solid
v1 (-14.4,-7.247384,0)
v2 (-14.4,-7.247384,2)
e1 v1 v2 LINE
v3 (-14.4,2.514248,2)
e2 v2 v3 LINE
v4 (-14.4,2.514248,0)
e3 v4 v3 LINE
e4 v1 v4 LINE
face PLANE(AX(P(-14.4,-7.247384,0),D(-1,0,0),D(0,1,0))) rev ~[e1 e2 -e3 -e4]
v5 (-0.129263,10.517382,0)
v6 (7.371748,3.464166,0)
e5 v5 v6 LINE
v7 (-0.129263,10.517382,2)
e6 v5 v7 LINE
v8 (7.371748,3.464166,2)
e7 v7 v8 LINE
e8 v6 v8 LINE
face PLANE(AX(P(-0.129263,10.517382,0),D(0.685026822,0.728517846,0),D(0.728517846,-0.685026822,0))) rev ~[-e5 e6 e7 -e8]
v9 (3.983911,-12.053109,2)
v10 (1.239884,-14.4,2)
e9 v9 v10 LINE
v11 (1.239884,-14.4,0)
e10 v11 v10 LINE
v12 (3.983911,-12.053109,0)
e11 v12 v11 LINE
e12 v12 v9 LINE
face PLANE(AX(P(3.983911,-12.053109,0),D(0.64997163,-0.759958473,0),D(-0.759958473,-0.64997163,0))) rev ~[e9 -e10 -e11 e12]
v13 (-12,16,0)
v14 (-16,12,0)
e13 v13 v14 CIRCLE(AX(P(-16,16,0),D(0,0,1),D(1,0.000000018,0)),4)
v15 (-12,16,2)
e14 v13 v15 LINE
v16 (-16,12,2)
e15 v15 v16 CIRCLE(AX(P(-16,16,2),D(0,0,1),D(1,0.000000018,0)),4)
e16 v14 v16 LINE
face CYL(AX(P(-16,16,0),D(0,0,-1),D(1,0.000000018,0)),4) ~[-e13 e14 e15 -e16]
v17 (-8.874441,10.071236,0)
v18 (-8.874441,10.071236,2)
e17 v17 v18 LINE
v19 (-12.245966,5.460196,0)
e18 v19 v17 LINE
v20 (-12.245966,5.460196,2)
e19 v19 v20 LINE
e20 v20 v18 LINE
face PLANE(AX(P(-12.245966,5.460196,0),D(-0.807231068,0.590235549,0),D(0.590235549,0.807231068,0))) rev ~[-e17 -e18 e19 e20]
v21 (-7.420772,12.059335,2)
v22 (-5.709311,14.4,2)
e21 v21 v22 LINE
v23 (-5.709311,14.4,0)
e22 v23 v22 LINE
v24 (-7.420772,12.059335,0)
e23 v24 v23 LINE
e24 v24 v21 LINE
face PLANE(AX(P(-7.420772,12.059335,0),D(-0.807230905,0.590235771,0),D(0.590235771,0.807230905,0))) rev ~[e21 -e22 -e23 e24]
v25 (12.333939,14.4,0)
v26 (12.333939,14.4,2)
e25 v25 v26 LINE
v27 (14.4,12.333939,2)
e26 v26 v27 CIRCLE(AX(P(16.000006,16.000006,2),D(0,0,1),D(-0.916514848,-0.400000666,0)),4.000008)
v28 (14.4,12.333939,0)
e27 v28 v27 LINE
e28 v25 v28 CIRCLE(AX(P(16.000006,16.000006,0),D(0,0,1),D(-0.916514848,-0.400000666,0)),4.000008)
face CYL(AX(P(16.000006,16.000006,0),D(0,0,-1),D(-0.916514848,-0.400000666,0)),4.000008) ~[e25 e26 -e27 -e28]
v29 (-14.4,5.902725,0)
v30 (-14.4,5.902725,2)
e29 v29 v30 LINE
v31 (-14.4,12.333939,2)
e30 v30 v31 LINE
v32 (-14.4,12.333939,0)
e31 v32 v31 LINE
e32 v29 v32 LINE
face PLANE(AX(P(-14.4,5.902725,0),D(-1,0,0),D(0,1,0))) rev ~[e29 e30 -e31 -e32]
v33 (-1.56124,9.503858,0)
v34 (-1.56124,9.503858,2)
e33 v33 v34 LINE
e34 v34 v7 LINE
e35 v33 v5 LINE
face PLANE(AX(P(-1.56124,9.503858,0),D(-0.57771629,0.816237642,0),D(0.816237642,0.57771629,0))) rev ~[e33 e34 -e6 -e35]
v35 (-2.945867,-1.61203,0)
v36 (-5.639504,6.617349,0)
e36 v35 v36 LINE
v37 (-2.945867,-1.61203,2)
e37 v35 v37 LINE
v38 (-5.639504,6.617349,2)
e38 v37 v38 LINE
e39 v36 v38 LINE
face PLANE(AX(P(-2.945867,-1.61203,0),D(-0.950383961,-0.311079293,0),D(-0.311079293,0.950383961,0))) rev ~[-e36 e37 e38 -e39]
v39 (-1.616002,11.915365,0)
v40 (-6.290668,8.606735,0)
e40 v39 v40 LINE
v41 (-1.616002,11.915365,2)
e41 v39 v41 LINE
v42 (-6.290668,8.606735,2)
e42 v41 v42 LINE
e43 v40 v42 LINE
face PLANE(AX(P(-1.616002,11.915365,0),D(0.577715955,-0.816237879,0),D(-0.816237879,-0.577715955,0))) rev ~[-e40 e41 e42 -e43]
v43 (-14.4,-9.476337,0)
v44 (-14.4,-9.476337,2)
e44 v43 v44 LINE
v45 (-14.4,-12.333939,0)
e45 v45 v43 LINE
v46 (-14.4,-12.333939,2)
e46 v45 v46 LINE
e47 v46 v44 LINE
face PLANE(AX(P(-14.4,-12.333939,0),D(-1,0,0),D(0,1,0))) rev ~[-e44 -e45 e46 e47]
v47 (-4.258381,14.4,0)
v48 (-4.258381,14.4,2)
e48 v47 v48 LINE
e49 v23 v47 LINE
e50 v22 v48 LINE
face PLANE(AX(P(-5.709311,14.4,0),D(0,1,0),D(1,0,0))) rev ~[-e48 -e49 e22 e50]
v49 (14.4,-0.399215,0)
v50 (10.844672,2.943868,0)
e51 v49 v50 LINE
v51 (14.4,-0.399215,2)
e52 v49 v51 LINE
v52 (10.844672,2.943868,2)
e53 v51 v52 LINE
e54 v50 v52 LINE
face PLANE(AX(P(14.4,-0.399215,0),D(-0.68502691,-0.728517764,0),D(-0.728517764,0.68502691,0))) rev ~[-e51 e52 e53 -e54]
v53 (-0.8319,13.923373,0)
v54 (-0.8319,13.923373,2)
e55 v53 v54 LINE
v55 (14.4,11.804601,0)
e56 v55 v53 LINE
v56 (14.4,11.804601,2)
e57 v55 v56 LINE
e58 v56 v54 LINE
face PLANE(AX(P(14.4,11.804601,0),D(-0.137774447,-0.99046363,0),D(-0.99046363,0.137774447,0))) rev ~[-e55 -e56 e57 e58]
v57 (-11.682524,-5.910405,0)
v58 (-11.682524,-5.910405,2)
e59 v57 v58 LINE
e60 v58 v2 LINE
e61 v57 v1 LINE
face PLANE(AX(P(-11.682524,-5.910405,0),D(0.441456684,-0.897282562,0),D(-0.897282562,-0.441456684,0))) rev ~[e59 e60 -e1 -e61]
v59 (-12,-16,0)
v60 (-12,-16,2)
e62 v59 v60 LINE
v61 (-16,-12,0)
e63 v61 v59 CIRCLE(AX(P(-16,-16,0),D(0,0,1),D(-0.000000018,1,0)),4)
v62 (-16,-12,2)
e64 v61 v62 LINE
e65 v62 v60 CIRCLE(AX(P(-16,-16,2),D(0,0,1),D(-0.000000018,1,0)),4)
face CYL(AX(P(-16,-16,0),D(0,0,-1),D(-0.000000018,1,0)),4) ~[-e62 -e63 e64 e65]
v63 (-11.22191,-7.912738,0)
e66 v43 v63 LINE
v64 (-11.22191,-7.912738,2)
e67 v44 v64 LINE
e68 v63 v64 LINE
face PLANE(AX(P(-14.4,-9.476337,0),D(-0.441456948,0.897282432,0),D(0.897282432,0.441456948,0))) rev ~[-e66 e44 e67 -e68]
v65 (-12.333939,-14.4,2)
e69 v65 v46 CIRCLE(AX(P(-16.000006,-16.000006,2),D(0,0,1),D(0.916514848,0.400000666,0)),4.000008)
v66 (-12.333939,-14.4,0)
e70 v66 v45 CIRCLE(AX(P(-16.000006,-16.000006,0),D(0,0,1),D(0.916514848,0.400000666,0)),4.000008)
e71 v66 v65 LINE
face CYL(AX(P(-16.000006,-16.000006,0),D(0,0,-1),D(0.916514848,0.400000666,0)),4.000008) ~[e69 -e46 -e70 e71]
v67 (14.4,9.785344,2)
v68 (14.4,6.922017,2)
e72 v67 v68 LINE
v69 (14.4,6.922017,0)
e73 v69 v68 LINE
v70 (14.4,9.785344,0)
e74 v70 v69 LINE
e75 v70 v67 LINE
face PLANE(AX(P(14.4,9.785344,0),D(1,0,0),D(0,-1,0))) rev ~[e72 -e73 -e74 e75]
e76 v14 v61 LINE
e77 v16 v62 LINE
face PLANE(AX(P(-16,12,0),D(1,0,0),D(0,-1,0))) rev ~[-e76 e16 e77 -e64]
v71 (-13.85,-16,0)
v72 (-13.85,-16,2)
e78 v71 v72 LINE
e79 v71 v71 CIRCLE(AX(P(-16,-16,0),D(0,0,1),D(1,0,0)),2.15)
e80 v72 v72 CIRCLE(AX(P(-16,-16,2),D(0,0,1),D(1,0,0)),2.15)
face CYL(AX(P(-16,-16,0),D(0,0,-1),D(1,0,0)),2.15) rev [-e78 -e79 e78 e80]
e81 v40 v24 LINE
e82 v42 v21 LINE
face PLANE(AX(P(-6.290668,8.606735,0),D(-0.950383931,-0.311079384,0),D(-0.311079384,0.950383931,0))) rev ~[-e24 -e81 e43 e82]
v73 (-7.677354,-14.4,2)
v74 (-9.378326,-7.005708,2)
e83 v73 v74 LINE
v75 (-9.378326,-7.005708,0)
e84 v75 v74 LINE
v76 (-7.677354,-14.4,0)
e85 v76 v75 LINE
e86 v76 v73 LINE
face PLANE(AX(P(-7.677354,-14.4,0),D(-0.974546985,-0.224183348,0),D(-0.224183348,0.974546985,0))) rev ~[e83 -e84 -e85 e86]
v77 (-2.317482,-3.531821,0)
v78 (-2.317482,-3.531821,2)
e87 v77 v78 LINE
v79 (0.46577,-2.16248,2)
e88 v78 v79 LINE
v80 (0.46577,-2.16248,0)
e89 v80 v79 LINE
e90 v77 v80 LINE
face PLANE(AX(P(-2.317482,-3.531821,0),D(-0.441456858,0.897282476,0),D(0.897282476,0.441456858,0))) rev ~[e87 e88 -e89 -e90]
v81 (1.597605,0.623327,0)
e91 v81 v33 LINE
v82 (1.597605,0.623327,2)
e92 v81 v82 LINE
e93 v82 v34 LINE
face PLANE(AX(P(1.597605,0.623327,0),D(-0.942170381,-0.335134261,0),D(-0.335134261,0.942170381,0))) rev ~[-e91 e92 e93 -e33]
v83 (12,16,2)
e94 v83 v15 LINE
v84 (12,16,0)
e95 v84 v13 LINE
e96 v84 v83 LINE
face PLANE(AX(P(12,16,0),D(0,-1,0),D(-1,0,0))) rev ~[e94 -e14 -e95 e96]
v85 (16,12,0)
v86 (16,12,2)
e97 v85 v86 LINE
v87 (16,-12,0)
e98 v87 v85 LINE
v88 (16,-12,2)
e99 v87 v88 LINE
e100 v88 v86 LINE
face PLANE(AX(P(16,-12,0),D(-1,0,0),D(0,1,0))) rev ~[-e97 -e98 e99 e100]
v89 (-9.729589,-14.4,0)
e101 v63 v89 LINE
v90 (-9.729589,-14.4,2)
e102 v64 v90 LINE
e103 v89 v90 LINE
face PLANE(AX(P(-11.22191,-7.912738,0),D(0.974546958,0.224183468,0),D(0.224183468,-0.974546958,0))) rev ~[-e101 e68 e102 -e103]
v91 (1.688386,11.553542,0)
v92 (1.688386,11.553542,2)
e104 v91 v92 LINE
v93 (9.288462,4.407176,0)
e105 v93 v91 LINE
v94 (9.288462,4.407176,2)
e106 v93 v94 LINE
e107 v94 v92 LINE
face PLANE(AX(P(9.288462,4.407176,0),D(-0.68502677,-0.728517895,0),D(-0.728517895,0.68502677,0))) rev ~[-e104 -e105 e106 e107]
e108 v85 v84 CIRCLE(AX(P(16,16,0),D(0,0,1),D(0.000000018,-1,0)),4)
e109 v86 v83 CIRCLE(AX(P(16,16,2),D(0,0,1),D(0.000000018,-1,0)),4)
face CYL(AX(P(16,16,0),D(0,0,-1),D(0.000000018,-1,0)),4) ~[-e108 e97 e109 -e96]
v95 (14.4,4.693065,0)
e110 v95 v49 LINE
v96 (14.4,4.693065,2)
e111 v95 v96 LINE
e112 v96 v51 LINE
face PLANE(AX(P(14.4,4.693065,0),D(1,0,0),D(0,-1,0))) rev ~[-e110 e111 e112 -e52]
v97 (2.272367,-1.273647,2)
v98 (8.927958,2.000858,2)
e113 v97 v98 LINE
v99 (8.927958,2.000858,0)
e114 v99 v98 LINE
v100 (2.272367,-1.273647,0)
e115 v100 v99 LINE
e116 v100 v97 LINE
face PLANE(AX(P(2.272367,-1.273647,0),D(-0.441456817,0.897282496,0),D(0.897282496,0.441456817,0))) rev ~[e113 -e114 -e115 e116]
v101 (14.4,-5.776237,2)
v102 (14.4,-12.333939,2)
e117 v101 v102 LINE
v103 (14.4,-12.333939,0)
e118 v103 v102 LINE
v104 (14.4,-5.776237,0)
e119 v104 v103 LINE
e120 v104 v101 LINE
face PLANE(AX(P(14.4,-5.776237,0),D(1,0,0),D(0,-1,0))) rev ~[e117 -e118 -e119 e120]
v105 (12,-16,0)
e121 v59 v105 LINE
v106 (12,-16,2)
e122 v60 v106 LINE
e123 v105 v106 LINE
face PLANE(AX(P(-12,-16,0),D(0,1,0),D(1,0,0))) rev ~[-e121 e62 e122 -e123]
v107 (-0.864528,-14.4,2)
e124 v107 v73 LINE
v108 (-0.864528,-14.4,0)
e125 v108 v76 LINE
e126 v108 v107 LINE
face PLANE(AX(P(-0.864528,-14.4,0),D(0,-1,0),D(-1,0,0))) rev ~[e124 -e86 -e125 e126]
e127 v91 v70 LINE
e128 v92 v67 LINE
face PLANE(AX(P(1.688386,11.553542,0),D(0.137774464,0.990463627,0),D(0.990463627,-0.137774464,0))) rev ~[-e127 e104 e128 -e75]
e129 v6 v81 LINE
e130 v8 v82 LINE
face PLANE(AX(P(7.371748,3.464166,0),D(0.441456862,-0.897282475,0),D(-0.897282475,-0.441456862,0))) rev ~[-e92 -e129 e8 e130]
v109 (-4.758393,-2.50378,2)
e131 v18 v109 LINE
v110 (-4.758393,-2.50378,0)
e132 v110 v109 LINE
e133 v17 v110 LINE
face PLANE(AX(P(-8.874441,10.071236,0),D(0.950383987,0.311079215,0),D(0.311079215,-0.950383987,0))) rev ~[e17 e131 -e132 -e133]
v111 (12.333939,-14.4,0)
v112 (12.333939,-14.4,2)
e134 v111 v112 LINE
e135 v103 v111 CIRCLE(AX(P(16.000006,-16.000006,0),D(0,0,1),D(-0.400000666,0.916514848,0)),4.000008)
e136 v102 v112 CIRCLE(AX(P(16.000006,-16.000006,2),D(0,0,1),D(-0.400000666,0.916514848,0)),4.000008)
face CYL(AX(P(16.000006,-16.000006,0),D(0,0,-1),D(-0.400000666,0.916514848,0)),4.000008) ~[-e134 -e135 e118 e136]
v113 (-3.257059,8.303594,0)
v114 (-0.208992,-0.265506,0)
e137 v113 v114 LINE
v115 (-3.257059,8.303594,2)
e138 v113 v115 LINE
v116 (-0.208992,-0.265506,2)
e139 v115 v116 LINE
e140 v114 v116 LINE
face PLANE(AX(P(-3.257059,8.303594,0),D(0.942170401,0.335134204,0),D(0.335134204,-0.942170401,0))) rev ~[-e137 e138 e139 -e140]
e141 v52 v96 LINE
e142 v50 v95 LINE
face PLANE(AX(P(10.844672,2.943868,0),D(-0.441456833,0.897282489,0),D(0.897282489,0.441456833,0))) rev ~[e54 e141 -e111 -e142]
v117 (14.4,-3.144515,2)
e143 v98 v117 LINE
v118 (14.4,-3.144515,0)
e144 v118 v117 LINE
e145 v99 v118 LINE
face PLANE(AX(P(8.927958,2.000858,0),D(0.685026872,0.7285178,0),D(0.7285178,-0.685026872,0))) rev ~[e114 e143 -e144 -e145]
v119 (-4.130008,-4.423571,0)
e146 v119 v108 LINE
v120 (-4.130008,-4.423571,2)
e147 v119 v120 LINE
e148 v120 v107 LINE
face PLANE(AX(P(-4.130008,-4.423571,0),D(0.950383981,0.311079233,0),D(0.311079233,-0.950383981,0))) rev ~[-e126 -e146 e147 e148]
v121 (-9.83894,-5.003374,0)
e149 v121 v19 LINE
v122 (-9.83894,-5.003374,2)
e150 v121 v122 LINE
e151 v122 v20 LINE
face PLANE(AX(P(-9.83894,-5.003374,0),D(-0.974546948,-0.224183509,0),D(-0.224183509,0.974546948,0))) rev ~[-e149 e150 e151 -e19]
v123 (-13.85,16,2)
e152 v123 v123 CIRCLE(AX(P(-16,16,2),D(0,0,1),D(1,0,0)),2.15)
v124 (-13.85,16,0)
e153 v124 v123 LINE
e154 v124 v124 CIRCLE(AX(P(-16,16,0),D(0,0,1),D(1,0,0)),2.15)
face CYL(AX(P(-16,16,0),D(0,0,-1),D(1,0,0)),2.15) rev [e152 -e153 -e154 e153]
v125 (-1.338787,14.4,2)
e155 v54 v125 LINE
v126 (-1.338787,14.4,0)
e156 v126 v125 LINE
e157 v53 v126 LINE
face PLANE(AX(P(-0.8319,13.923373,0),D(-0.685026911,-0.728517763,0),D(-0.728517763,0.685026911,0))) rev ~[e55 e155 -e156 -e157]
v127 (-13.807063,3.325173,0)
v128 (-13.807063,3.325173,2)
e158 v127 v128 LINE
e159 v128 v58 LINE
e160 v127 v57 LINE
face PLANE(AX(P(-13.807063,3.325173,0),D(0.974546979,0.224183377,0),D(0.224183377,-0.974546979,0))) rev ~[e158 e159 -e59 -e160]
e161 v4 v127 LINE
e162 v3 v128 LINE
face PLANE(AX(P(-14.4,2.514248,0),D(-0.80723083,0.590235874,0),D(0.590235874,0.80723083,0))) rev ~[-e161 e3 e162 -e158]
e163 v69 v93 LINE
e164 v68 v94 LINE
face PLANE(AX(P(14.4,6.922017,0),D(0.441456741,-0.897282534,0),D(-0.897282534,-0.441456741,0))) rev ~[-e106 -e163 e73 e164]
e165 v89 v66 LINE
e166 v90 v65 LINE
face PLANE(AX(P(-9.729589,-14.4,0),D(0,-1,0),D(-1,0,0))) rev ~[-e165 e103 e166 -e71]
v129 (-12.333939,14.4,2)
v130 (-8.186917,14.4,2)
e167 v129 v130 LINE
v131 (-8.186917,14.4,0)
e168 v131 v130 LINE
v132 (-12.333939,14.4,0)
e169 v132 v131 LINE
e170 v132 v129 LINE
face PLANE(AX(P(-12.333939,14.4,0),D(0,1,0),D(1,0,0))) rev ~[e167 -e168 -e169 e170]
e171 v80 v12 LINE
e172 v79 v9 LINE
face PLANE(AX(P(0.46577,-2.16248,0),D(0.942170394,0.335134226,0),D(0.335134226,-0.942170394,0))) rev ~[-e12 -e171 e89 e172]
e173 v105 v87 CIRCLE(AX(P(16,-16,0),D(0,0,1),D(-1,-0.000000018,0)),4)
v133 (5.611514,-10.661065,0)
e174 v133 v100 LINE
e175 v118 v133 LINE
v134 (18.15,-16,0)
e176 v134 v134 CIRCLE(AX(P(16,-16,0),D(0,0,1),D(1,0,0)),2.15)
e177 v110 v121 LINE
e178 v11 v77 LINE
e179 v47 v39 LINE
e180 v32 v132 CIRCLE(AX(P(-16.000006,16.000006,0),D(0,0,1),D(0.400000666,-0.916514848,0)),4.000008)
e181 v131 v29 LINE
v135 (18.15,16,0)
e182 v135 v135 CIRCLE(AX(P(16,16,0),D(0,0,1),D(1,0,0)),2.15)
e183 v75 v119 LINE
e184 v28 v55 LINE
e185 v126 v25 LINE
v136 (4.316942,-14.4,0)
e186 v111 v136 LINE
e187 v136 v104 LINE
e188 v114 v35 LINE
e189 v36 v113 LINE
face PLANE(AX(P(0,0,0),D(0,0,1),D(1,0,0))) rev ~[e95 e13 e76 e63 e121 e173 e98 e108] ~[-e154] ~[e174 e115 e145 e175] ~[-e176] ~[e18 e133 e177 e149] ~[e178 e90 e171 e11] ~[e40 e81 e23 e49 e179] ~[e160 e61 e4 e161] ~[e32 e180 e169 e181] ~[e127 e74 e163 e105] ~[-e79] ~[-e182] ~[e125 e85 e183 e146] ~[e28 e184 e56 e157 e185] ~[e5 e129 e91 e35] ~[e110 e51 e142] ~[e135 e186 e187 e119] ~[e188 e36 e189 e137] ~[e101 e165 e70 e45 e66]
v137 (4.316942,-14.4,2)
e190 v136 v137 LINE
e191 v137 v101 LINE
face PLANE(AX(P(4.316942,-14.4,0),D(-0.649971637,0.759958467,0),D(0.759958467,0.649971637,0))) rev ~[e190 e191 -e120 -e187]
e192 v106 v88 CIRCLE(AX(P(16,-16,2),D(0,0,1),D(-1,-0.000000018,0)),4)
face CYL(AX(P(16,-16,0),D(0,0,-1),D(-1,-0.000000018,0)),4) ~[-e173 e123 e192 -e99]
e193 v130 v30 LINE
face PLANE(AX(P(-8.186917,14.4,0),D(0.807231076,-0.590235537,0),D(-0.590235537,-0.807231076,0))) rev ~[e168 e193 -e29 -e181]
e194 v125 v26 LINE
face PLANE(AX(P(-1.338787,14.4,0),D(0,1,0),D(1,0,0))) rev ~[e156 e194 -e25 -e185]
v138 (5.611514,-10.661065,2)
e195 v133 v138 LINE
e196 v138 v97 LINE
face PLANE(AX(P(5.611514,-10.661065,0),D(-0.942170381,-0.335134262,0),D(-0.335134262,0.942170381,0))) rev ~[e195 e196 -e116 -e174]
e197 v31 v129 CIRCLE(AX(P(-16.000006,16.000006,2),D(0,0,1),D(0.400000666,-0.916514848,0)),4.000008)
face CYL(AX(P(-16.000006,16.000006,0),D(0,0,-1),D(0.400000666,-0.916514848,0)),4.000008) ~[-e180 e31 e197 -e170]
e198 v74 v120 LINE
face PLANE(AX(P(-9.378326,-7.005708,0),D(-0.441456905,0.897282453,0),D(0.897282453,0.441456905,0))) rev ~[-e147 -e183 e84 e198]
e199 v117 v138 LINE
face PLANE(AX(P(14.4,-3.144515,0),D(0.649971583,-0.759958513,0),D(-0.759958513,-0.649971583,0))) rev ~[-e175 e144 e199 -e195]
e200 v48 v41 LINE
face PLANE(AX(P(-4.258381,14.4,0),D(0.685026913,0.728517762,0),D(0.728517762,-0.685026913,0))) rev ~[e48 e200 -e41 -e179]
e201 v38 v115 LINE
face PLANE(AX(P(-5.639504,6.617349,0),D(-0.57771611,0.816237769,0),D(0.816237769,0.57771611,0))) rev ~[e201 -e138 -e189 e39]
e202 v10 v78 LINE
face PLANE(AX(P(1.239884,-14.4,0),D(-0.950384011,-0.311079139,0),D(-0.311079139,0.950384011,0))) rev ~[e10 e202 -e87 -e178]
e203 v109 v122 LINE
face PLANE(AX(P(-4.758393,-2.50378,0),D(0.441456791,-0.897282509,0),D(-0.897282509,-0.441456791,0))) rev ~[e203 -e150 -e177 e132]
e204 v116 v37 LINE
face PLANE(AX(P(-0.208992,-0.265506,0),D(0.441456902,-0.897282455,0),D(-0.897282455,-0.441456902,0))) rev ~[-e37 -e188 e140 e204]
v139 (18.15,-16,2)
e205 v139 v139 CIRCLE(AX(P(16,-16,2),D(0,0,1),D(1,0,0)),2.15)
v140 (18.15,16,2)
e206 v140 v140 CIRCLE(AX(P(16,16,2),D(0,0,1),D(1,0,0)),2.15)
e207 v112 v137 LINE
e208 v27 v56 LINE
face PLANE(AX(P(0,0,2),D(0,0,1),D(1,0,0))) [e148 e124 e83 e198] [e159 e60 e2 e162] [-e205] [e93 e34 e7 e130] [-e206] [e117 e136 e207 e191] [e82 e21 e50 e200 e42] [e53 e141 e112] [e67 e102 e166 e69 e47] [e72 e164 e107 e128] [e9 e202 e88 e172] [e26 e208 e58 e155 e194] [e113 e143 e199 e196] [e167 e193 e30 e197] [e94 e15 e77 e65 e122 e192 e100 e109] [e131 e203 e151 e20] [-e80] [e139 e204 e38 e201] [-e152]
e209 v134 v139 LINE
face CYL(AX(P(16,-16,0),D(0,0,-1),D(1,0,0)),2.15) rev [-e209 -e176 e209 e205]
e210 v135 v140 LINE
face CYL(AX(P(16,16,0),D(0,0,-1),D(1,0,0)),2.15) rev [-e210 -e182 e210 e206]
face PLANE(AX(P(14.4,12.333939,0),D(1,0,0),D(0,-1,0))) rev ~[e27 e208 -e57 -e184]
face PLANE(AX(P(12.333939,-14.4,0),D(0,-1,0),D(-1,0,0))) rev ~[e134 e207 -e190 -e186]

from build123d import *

# Parameters (mm, degrees)
F0_R     = 2.15
F1_DEPTH = 2


with BuildPart() as f1:
    # F0 (on Top) → F1 (new body)
    with BuildSketch(Plane.XY):
        with BuildLine():
            ThreePointArc((16, 12), (18.828427, 18.828427), (12, 16))
            Line((12, 16), (-12, 16))
            ThreePointArc((-12, 16), (-18.828427, 18.828427), (-16, 12))
            Line((-16, 12), (-16, -12))
            ThreePointArc((-16, -12), (-18.828427, -18.828427), (-12, -16))
            Line((-12, -16), (12, -16))
            ThreePointArc((12, -16), (18.828427, -18.828427), (16, -12))
            Line((16, -12), (16, 12))
        make_face()
        with Locations((-16, -16)):
            Circle(F0_R, mode=Mode.SUBTRACT)
        with BuildLine():
            Line((-9.729589, -14.4), (-12.333939, -14.4))
            ThreePointArc((-12.333939, -14.4), (-13.171573, -13.171573), (-14.4, -12.333939))
            Line((-14.4, -12.333939), (-14.4, -9.476337))
            Line((-14.4, -9.476337), (-11.22191, -7.912738))
            Line((-11.22191, -7.912738), (-9.729589, -14.4))
        make_face(mode=Mode.SUBTRACT)
        Polygon((-14.4, 2.514248), (-13.807063, 3.325173), (-11.682524, -5.910405), (-14.4, -7.247384), align=None, mode=Mode.SUBTRACT)
        Polygon((-4.130008, -4.423571), (-0.864528, -14.4), (-7.677354, -14.4), (-9.378326, -7.005708), align=None, mode=Mode.SUBTRACT)
        with BuildLine():
            Line((14.4, -5.776237), (14.4, -12.333939))
            ThreePointArc((14.4, -12.333939), (13.171573, -13.171573), (12.333939, -14.4))
            Line((12.333939, -14.4), (4.316942, -14.4))
            Line((4.316942, -14.4), (14.4, -5.776237))
        make_face(mode=Mode.SUBTRACT)
        with Locations((16, -16)):
            Circle(F0_R, mode=Mode.SUBTRACT)
        Polygon((3.983911, -12.053109), (1.239884, -14.4), (-2.317482, -3.531821), (0.46577, -2.16248), align=None, mode=Mode.SUBTRACT)
        Polygon((8.927958, 2.000858), (14.4, -3.144515), (5.611514, -10.661065), (2.272367, -1.273647), align=None, mode=Mode.SUBTRACT)
        Polygon((-9.83894, -5.003374), (-12.245966, 5.460196), (-8.874441, 10.071236), (-4.758393, -2.50378), align=None, mode=Mode.SUBTRACT)
        Polygon((-0.208992, -0.265506), (-2.945867, -1.61203), (-5.639504, 6.617349), (-3.257059, 8.303594), align=None, mode=Mode.SUBTRACT)
        with BuildLine():
            Line((-14.4, 5.902725), (-14.4, 12.333939))
            ThreePointArc((-14.4, 12.333939), (-13.171573, 13.171573), (-12.333939, 14.4))
            Line((-12.333939, 14.4), (-8.186917, 14.4))
            Line((-8.186917, 14.4), (-14.4, 5.902725))
        make_face(mode=Mode.SUBTRACT)
        with Locations((-16, 16)):
            Circle(F0_R, mode=Mode.SUBTRACT)
        Polygon((-6.290668, 8.606735), (-7.420772, 12.059335), (-5.709311, 14.4), (-4.258381, 14.4), (-1.616002, 11.915365), align=None, mode=Mode.SUBTRACT)
        Polygon((-0.129263, 10.517382), (7.371748, 3.464166), (1.597605, 0.623327), (-1.56124, 9.503858), align=None, mode=Mode.SUBTRACT)
        Polygon((9.288462, 4.407176), (1.688386, 11.553542), (14.4, 9.785344), (14.4, 6.922017), align=None, mode=Mode.SUBTRACT)
        Polygon((14.4, 4.693065), (14.4, -0.399215), (10.844672, 2.943868), align=None, mode=Mode.SUBTRACT)
        with BuildLine():
            Line((-1.338787, 14.4), (12.333939, 14.4))
            ThreePointArc((12.333939, 14.4), (13.171573, 13.171573), (14.4, 12.333939))
            Line((14.4, 12.333939), (14.4, 11.804601))
            Line((14.4, 11.804601), (-0.8319, 13.923373))
            Line((-0.8319, 13.923373), (-1.338787, 14.4))
        make_face(mode=Mode.SUBTRACT)
        with Locations((16, 16)):
            Circle(F0_R, mode=Mode.SUBTRACT)
    extrude(amount=F1_DEPTH)


solid = f1.part
